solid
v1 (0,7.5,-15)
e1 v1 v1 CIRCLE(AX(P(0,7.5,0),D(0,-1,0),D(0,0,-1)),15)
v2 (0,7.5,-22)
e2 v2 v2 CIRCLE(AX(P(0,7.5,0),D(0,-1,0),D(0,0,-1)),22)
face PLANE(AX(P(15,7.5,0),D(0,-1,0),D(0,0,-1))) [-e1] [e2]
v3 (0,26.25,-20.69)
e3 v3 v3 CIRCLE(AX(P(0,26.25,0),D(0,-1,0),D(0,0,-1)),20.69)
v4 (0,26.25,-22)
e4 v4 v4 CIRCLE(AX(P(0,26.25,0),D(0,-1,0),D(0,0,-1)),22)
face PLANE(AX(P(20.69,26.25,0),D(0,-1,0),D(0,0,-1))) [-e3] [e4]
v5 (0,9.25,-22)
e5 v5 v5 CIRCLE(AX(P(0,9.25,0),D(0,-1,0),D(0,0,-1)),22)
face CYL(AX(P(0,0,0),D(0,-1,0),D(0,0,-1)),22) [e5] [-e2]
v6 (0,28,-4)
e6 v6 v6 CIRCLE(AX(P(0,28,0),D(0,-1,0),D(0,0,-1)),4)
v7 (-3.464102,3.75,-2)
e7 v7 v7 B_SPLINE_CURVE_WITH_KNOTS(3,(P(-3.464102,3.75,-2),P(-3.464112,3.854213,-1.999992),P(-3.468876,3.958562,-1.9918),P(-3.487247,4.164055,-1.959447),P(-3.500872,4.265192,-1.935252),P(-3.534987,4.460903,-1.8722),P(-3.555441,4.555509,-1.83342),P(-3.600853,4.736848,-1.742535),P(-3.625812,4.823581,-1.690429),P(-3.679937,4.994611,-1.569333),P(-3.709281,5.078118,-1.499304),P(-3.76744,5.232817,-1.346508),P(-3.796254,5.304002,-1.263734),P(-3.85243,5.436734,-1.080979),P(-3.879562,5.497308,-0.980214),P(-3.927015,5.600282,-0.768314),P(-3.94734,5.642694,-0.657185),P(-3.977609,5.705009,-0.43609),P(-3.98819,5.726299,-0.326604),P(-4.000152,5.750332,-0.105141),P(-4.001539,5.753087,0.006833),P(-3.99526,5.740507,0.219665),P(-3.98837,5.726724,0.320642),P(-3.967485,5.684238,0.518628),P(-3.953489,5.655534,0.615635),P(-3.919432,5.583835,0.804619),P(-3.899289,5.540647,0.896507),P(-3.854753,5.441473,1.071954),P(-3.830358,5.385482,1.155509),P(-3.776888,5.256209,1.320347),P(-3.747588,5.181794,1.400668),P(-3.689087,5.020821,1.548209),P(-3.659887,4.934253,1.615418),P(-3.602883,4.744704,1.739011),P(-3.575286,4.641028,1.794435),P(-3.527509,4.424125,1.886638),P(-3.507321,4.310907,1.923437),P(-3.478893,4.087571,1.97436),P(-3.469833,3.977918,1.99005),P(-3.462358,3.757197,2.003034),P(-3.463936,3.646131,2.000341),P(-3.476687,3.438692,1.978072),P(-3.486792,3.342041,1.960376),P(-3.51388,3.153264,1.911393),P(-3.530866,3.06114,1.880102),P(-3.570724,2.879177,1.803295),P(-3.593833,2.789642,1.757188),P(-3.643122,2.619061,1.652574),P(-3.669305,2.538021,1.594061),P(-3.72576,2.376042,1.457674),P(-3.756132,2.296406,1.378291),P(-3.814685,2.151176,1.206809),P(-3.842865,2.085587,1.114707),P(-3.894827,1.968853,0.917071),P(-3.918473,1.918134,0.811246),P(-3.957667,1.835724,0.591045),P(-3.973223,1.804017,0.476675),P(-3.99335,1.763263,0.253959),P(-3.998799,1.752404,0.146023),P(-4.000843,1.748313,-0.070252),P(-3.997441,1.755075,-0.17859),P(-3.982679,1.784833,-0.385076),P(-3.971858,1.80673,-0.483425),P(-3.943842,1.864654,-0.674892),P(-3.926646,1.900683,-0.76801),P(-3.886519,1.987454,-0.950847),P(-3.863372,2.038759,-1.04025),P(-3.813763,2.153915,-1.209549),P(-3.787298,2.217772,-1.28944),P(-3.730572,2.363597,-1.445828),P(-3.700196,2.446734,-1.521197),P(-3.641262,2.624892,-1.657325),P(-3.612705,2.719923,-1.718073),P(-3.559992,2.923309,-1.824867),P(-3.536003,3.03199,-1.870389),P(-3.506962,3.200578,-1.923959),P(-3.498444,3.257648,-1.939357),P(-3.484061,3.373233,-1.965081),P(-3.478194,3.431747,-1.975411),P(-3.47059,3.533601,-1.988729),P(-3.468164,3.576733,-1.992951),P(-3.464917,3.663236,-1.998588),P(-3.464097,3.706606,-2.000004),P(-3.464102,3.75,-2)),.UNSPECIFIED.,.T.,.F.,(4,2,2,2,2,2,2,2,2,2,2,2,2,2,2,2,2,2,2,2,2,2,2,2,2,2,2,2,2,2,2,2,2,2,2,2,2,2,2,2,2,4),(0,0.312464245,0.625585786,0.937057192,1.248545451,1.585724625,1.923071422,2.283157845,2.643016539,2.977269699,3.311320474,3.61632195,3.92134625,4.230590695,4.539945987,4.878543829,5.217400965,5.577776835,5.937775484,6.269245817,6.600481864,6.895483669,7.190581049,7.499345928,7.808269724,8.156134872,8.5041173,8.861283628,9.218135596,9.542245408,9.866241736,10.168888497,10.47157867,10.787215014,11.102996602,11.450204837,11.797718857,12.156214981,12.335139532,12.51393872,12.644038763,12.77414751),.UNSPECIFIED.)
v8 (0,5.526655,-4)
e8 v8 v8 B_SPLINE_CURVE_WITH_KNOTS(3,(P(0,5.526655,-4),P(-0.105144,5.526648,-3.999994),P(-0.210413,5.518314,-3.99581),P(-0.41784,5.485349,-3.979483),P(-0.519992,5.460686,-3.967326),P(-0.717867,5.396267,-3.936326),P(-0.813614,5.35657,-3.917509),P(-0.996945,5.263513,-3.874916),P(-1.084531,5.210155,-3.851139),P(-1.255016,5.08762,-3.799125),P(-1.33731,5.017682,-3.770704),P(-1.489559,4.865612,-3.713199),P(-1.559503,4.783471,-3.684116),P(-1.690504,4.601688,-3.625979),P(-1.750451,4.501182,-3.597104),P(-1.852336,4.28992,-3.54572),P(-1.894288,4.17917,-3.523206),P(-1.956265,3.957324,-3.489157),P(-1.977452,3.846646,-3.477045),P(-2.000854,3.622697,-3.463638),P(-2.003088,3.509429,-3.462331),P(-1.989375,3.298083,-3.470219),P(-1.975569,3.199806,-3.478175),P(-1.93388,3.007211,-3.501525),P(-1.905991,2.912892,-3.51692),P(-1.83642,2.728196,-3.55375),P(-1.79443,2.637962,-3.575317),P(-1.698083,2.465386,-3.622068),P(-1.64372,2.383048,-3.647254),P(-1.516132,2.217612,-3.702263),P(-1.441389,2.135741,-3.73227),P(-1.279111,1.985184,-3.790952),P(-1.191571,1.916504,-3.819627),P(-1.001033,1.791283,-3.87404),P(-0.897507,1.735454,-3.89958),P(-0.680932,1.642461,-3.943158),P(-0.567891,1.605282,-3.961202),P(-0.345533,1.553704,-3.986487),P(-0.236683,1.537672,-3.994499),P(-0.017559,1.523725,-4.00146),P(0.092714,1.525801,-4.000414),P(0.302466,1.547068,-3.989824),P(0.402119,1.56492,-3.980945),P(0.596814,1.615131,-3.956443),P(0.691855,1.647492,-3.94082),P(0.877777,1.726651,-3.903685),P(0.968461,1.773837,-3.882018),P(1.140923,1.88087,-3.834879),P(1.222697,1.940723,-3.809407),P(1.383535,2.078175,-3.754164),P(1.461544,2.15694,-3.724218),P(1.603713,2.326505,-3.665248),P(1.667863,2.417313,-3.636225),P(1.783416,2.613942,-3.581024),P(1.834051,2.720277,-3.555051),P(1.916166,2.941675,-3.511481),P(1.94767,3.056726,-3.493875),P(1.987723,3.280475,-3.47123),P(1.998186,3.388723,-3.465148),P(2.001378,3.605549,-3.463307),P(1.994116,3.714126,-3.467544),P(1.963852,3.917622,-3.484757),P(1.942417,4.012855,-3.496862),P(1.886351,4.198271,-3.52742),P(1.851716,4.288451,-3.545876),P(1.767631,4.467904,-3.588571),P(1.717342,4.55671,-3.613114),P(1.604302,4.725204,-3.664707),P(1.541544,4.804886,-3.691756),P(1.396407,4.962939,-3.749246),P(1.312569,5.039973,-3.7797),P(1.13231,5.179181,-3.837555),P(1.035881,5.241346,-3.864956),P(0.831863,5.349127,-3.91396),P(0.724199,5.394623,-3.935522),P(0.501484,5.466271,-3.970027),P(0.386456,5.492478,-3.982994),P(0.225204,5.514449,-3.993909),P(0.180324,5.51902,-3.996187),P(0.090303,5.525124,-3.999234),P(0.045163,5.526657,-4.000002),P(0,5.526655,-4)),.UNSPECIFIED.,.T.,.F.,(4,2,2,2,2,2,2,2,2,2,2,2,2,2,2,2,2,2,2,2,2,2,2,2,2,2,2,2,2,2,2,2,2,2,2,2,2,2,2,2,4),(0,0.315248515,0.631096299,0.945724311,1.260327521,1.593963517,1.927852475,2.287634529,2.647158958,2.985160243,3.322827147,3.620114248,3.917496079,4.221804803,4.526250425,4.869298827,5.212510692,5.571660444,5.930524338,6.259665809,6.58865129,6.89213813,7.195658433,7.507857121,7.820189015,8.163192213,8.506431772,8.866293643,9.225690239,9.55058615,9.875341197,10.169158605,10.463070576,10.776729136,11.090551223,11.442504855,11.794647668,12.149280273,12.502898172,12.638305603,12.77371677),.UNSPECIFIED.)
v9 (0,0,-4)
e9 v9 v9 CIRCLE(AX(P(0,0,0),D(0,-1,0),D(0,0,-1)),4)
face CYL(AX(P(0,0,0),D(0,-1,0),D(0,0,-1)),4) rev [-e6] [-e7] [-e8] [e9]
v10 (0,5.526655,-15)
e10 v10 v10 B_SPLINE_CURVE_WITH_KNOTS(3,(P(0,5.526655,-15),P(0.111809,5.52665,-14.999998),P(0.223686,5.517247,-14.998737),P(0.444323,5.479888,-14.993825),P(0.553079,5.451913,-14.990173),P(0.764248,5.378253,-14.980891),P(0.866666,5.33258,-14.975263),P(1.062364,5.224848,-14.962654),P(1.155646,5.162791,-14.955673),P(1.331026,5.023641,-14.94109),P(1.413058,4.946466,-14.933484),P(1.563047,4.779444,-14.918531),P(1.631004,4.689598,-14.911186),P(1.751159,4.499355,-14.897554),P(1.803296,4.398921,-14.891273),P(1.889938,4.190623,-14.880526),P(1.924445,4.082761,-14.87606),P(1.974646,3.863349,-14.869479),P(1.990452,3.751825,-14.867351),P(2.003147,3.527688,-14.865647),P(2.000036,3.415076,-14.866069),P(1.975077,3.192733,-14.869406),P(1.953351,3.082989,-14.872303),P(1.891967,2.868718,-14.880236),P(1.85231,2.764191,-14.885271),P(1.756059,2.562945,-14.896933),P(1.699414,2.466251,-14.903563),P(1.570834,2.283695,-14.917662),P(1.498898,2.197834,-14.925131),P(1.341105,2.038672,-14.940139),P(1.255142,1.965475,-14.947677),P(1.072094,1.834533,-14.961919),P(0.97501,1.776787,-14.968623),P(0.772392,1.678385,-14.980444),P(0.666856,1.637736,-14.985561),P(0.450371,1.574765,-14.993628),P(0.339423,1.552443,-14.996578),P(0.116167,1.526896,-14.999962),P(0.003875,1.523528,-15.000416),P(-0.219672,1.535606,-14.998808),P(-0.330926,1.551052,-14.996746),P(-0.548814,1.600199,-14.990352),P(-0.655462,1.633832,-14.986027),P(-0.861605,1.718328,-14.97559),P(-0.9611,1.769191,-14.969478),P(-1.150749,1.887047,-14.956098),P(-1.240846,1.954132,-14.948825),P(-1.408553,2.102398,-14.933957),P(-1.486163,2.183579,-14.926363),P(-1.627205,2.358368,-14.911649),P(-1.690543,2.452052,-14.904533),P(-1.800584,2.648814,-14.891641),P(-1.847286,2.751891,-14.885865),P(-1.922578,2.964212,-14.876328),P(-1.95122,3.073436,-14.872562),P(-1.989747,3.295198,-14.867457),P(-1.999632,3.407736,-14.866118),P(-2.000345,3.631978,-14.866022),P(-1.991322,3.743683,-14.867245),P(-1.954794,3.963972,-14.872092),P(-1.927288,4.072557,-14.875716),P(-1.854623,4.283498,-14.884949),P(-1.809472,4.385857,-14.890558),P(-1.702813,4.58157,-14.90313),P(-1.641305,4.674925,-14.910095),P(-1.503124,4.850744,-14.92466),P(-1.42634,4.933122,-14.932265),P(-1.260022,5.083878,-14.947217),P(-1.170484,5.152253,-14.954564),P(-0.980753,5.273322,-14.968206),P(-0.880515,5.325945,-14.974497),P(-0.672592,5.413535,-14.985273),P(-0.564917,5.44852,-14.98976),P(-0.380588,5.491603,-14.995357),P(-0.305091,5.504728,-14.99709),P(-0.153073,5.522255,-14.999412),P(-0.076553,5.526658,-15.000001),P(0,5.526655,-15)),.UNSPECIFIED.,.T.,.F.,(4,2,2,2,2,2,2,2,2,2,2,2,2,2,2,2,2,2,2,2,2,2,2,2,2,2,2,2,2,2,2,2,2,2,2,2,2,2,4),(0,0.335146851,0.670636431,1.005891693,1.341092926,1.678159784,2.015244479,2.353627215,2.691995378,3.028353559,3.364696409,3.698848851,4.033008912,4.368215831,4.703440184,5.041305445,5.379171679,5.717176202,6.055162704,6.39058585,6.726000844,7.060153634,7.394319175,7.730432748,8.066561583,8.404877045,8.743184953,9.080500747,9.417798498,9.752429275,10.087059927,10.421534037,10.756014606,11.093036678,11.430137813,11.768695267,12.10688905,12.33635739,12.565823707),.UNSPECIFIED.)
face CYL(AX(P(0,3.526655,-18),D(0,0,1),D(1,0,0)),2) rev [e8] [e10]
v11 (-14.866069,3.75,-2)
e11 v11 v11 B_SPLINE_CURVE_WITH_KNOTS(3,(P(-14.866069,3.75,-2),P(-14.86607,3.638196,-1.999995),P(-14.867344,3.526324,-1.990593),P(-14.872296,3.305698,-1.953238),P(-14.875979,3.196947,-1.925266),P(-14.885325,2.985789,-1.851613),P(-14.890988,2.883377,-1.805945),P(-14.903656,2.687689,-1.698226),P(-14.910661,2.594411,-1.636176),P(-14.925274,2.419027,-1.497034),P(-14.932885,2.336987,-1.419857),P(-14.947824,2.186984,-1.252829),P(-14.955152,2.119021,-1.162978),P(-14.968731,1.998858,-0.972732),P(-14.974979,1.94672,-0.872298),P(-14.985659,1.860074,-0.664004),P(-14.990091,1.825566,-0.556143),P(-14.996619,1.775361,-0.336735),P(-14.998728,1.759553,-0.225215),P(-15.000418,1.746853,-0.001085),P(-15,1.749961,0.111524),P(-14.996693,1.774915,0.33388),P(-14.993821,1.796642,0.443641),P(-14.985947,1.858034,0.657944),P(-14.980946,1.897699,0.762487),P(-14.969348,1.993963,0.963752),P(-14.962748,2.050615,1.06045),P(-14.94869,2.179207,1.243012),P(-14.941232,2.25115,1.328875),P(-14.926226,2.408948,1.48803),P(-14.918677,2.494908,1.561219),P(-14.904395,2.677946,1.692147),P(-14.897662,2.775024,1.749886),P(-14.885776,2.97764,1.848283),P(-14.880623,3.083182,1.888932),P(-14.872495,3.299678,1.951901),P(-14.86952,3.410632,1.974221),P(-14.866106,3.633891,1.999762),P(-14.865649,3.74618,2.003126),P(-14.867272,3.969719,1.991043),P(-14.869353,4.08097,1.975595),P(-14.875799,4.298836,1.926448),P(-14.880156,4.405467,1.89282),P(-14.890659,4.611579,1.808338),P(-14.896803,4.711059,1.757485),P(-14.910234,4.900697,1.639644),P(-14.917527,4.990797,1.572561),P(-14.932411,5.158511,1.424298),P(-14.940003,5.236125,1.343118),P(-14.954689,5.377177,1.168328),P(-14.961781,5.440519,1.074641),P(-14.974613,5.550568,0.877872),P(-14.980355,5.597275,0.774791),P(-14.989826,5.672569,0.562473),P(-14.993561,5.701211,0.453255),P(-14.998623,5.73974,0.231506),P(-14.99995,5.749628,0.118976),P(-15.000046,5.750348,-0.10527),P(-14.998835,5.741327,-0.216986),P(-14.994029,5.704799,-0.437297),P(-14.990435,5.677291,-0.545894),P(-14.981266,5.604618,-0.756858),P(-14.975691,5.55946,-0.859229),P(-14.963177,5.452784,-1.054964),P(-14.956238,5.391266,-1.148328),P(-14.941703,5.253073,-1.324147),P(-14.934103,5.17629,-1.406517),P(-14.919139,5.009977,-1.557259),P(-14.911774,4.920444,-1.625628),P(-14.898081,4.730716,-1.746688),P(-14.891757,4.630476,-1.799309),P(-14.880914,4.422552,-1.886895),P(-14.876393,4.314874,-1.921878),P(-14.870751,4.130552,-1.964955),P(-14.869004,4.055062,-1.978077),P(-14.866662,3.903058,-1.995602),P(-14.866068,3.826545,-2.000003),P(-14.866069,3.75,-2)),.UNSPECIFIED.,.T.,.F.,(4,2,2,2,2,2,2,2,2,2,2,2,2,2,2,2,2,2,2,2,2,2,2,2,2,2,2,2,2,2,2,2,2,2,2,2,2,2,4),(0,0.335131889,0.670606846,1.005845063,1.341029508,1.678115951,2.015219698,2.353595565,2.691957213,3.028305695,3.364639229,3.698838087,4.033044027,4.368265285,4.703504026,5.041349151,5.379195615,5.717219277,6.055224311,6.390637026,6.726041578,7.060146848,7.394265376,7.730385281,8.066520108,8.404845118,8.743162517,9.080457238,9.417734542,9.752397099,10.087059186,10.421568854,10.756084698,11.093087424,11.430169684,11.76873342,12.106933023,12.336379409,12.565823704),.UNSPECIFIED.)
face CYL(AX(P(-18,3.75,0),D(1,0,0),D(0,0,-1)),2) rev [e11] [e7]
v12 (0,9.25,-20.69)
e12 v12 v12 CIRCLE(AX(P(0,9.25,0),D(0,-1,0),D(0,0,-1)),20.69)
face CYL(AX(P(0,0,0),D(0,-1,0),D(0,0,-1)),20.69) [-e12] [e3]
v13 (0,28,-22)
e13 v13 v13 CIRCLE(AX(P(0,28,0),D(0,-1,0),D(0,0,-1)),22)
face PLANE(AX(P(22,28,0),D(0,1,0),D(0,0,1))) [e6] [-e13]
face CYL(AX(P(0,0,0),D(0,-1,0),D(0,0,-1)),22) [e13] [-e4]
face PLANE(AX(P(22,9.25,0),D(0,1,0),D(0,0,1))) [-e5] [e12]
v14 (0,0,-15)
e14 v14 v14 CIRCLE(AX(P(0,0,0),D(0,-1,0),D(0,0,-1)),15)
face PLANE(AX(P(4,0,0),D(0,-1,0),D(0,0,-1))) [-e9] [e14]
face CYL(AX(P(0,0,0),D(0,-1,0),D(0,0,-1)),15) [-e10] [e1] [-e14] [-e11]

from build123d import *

# Parameters (mm, degrees)
SKETCH5_R          = 2
CUT_EXTRUDE4_DEPTH = 18
SKETCH6_R          = 2
CUT_EXTRUDE5_DEPTH = 18


with BuildPart() as part:
    # Sketch1 → Revolve1 (revolve)
    with BuildSketch(Plane.XY, mode=Mode.PRIVATE) as revolve1_sk:
        Polygon((4, 0), (15, 0), (15, 7.5), (22, 7.5), (22, 9.25), (20.69, 9.25), (20.69, 26.25), (22, 26.25), (22, 28), (4, 28), align=None)
    revolve(revolve1_sk.sketch.rotate(Axis((0, 0, 0), (0, 1, 0)), 90), axis=Axis((0, 0, 0), (0, 1, 0)))

    # Sketch5 → Cut-Extrude4 (cut)
    with BuildSketch(Plane.XY):
        with Locations(Location((0, 3.526654559, 0), (0, 0, 270.000000001))):
            Circle(SKETCH5_R)
    extrude(amount=-CUT_EXTRUDE4_DEPTH, mode=Mode.SUBTRACT)

    # Sketch6 → Cut-Extrude5 (cut)
    with BuildSketch(Plane(origin=(0, 0, 0), x_dir=(0, 0, -1), z_dir=(1, 0, 0))):
        with Locations((0, 3.75)):
            Circle(SKETCH6_R)
    extrude(amount=-CUT_EXTRUDE5_DEPTH, mode=Mode.SUBTRACT)


solid = part.part
